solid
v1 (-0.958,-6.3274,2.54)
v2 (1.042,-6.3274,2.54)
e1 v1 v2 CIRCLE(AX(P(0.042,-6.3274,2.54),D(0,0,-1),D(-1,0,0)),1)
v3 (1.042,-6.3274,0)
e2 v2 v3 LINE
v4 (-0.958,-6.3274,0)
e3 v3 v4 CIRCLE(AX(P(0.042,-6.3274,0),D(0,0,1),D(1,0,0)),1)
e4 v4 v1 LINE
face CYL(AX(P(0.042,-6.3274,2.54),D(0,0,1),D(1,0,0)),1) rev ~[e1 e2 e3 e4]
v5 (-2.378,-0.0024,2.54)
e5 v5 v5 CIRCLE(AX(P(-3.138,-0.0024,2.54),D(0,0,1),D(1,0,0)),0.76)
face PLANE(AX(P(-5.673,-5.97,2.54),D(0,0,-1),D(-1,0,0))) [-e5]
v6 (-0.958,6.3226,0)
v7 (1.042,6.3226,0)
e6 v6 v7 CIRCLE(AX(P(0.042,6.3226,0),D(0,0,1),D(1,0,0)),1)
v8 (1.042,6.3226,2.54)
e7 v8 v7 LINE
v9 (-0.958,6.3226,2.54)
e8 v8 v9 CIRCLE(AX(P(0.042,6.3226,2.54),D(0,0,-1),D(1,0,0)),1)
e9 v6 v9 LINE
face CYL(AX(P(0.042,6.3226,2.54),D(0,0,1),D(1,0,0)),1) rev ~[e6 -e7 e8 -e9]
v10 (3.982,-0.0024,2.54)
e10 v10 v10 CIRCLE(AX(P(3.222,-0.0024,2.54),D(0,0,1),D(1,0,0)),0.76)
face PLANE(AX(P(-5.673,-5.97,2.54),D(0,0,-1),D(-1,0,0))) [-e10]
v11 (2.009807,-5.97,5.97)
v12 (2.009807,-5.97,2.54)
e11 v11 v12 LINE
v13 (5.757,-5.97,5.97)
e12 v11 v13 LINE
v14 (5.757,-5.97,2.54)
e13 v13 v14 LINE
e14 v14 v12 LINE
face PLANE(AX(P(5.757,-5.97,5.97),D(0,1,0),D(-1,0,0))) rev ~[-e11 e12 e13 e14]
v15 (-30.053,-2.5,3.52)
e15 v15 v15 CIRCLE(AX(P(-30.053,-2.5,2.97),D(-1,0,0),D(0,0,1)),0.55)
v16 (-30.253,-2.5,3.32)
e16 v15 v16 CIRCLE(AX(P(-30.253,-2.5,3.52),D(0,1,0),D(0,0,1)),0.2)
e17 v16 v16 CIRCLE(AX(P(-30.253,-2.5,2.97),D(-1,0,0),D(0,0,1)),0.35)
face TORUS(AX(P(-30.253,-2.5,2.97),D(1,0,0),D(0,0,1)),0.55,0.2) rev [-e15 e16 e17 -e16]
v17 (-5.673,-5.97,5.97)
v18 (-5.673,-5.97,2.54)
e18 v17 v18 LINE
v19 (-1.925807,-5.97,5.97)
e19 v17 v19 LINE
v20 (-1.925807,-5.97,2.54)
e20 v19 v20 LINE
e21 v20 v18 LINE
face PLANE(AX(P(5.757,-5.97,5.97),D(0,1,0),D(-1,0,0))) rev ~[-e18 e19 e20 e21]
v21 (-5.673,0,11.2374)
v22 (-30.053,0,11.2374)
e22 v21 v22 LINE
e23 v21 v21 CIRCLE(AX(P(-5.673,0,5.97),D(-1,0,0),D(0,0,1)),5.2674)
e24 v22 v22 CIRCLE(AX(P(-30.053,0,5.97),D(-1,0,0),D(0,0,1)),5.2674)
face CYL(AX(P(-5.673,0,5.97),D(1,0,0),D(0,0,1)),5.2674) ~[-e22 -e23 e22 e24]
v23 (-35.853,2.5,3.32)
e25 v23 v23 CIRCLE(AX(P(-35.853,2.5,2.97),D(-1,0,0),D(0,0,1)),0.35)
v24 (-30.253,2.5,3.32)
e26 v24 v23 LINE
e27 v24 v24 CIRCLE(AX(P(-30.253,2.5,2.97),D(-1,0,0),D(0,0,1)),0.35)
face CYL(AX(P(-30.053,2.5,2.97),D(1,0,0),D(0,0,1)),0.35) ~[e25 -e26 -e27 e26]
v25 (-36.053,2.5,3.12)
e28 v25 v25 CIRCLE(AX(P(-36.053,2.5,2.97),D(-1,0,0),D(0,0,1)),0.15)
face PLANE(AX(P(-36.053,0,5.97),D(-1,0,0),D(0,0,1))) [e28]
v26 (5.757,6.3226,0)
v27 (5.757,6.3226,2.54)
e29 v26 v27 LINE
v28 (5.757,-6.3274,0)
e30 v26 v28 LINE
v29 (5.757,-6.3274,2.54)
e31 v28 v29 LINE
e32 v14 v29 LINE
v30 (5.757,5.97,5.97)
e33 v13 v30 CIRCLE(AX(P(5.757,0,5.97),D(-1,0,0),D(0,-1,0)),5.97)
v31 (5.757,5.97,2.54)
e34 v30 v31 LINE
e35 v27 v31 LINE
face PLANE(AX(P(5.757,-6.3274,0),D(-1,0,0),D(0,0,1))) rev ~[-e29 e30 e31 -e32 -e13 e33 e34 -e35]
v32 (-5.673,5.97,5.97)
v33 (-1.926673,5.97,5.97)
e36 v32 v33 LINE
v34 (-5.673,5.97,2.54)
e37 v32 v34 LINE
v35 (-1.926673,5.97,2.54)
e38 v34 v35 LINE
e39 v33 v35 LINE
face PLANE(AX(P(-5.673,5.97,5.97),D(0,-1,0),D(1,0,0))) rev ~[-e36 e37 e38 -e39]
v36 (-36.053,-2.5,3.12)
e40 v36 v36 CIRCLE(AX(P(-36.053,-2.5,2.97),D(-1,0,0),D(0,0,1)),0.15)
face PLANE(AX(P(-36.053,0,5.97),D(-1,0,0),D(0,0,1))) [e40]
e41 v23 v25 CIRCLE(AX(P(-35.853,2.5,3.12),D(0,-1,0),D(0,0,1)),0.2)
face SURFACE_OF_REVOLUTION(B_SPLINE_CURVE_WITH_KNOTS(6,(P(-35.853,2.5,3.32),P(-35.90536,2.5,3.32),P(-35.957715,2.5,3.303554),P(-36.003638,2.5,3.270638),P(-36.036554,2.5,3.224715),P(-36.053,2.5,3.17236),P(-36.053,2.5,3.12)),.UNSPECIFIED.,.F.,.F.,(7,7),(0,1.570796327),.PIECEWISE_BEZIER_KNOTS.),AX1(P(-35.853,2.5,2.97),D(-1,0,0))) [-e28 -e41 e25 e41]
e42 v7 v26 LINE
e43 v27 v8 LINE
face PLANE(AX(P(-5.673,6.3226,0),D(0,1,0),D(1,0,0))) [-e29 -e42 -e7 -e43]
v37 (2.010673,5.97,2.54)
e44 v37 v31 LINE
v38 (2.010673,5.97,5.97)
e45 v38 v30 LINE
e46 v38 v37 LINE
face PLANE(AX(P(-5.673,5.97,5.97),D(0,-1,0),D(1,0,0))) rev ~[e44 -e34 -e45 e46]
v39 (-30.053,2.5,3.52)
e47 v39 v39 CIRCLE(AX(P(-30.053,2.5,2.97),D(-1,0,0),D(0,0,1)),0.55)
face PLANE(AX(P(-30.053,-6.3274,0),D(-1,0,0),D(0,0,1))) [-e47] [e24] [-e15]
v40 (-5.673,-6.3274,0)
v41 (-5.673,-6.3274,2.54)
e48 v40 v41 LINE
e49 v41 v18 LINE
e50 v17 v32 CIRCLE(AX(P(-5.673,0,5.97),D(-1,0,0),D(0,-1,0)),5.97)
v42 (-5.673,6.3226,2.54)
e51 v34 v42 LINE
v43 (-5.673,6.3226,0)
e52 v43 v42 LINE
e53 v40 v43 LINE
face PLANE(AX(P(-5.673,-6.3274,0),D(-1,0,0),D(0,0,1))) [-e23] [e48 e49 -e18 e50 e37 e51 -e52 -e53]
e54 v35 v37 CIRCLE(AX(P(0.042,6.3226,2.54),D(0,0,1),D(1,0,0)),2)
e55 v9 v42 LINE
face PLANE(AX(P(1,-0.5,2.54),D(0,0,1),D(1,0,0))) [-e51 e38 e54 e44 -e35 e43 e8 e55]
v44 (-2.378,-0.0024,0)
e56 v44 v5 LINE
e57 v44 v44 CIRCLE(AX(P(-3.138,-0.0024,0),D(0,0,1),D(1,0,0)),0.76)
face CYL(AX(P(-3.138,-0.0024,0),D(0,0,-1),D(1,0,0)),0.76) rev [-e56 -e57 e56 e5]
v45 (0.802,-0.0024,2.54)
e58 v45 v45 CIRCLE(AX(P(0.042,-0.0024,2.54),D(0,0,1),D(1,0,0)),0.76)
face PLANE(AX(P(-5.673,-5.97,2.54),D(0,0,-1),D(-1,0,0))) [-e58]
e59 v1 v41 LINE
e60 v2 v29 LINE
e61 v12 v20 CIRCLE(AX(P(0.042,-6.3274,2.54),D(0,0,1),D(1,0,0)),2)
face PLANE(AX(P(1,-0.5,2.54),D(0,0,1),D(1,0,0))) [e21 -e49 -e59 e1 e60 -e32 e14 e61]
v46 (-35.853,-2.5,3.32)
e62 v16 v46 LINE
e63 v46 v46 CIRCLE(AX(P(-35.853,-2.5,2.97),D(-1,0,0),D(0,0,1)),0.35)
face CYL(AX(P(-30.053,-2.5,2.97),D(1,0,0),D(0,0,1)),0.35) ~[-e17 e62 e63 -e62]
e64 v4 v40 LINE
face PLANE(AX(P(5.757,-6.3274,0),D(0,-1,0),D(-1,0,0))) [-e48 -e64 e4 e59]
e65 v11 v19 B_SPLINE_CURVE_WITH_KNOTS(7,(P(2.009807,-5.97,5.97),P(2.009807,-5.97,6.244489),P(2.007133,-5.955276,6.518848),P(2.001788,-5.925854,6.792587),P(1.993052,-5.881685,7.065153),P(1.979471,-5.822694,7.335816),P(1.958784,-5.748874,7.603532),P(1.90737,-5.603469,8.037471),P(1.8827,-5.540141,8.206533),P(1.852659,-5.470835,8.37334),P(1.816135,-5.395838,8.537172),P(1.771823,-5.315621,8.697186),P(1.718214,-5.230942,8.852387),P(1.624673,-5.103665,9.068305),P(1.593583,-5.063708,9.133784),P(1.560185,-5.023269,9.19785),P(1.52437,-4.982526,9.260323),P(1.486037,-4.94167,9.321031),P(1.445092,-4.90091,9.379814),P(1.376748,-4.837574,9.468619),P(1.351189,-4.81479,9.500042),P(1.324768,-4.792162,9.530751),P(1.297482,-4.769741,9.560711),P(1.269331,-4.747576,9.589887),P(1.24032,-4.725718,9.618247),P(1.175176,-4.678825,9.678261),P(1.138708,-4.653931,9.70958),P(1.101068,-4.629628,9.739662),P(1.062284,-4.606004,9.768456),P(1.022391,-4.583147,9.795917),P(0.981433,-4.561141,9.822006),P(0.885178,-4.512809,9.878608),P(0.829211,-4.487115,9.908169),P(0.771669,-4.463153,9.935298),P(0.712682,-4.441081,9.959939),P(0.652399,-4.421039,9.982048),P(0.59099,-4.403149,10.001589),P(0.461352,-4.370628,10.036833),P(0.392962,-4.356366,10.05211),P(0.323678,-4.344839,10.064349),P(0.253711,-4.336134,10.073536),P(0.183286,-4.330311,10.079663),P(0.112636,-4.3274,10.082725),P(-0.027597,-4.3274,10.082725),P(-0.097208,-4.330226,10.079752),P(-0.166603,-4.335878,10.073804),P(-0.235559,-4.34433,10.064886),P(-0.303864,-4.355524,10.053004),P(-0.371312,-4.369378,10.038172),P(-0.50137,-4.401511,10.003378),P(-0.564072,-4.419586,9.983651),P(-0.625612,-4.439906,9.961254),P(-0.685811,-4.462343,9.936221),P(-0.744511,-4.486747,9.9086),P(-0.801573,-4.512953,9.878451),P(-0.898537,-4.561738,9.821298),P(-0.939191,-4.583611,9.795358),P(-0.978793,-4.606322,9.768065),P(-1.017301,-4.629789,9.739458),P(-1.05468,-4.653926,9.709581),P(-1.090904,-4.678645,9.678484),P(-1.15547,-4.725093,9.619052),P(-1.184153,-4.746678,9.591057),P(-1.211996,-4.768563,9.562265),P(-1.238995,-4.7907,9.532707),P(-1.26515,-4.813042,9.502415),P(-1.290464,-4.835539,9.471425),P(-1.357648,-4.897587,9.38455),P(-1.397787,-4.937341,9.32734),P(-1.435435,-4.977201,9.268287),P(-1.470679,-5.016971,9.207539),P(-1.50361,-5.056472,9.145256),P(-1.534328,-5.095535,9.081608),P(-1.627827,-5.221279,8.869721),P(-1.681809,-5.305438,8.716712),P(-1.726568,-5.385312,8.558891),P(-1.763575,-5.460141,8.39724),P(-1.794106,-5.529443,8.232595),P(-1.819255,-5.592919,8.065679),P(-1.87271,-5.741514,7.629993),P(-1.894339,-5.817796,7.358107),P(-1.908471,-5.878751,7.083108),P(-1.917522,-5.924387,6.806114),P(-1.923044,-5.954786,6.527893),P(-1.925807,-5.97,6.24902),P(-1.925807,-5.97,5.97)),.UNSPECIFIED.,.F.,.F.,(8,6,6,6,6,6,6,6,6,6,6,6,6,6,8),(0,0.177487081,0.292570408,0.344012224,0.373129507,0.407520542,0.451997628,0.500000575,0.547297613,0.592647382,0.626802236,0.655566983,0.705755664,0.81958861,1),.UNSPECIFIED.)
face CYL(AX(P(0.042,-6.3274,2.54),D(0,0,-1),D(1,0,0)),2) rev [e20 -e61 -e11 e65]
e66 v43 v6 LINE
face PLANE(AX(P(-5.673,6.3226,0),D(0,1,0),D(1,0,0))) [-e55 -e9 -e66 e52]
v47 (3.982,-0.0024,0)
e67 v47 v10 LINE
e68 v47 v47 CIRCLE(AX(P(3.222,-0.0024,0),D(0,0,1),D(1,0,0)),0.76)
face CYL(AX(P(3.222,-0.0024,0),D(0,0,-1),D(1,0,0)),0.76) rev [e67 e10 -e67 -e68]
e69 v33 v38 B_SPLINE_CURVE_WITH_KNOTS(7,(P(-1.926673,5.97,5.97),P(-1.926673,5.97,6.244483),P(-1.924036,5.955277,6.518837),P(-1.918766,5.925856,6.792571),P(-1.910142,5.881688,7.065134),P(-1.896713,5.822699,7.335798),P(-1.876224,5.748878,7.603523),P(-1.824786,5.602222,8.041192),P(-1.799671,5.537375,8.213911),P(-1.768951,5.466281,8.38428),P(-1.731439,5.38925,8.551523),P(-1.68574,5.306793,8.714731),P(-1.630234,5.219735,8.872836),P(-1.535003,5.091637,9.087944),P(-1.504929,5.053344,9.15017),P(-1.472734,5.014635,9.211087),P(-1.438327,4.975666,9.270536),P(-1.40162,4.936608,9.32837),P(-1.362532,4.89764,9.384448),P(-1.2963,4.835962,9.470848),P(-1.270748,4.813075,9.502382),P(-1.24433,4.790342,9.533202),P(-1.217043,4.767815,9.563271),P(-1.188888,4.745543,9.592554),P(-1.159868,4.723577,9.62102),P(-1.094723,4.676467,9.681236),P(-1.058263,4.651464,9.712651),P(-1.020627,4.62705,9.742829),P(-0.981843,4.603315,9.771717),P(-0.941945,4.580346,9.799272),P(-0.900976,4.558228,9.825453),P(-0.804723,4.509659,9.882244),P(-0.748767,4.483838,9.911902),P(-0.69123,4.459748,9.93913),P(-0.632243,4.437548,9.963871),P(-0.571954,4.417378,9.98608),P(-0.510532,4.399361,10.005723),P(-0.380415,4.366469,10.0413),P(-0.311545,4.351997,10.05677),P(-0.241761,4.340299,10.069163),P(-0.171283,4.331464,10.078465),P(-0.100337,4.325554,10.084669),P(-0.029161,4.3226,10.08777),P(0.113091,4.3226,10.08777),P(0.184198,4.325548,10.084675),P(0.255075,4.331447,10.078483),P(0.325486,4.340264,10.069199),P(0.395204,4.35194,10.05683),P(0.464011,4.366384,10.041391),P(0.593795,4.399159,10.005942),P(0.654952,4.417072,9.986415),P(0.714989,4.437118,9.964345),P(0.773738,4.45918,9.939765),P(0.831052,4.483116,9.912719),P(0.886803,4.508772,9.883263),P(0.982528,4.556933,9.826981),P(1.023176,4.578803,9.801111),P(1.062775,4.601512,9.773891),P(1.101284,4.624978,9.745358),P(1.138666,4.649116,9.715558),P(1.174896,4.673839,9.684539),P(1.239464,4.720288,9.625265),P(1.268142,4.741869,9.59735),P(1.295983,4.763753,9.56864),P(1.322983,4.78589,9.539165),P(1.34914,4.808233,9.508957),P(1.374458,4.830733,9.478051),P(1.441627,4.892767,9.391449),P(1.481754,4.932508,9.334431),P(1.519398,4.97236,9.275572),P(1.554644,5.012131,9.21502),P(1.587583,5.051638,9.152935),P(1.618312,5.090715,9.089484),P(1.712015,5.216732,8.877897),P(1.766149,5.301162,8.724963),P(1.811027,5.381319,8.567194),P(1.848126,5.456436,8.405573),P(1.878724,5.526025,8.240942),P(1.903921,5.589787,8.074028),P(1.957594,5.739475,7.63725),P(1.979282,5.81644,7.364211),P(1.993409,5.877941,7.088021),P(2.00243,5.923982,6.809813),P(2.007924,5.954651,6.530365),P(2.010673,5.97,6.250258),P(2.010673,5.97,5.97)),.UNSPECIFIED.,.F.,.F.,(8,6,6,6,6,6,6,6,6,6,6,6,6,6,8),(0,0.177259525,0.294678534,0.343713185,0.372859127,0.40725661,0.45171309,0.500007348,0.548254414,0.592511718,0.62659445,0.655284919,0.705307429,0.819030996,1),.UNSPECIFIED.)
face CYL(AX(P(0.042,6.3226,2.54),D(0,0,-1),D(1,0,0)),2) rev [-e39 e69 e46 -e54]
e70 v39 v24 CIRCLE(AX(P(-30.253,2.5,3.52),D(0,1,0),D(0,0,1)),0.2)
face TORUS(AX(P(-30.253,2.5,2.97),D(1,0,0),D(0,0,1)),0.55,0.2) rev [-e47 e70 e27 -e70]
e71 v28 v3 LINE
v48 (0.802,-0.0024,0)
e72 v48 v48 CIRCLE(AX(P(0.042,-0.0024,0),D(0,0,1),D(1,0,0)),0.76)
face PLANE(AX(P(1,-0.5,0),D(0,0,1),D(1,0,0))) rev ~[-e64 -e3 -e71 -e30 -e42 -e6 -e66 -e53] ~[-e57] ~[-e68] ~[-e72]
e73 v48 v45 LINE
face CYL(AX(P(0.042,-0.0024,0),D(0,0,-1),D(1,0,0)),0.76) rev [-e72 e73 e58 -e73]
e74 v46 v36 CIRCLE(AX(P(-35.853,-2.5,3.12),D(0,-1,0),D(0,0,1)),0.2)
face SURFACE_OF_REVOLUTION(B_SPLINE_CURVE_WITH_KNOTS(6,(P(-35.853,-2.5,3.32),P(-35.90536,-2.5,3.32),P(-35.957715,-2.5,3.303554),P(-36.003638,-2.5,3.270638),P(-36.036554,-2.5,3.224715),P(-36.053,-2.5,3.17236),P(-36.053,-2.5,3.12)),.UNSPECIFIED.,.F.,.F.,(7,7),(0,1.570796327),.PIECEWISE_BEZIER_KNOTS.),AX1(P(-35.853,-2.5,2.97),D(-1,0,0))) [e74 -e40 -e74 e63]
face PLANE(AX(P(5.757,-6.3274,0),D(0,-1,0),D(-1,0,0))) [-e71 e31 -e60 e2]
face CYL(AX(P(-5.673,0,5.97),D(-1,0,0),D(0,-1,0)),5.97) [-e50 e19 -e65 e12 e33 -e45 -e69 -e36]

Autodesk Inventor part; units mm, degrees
ref_plane "YZ Plane" through (0, 0, 0) normal (1, 0, 0) x (0, 1, 0)
ref_plane "XZ Plane" through (0, 0, 0) normal (0, 1, 0) x (-1, 0, 0)
ref_plane "XY Plane" through (0, 0, 0) normal (0, 0, 1) x (1, 0, 0)
sketch "Sketch5" plane through (0, 0, 0) normal (0, 0, 1) x (1, 0, 0)
  line L0 (4.757, -5.8274) -> (-6.673, -5.8274)
  line L1 (-6.673, -5.8274) -> (-6.673, 6.8226)
  line L2 (-6.673, 6.8226) -> (4.757, 6.8226)
  line L3 (4.757, 6.8226) -> (4.757, -5.8274)
  circle A0 centre (-0.958, 0.4976) radius 0.76
  circle A1 centre (2.222, 0.4976) radius 0.76
  circle A2 centre (-4.138, 0.4976) radius 0.76
  point P0 (0, 0)
  dimension "d15" = 11.43
  dimension "d16" = 12.65
  dimension "d17" = 1.52
  dimension "d18" = 1.52
  dimension "d19" = 1.52
  dimension "d20" = 3.18
  dimension "d21" = 3.18
extrude "Extrusion4" add sketch "Sketch5" along normal blind 2.54
sketch "Sketch6" plane through (0, 0, 2.54) normal (0, 0, 1) x (1, 0, 0)
  line L0 (4.757, 6.8226) -> (-6.673, 6.8226) projected
  circle A0 centre (-0.958, 6.8226) radius 1
  point P0 (0, 0)
  dimension "d24" = 2
extrude "Extrusion5" cut sketch "Sketch6" against normal blind 2.54
sketch "Sketch7" plane through (0, 0, 2.54) normal (0, 0, 1) x (1, 0, 0)
  line L0 (-6.673, -5.8274) -> (4.757, -5.8274) projected
  circle A0 centre (-0.958, -5.8274) radius 1
  point P0 (0, 0)
  dimension "d27" = 2
extrude "Extrusion6" cut sketch "Sketch7" against normal blind 2.54
move or copy body "Move Body1" bodies to move or copy 1 copy no translate (1, -0.5, 0)
sketch "Sketch14" plane through (-5.673, -6.3274, 0) normal (-1, 0, 0) x (0, 0, 1)
  arc A0 (5.97, 0.3574) -> (5.97, 12.2974) centre (5.97, 6.3274) ccw
  line L0 (5.97, 12.2974) -> (5.97, 0.3574)
  dimension "d37" = 5.97
extrude "Extrusion7" add sketch "Sketch14" against normal blind 11.43
sketch "Sketch15" plane through (-5.673, -5.97, 5.97) normal (0, 0, -1) x (-1, 0, 0)
  line L0 (0, 11.94) -> (-11.43, 11.94)
  line L1 (-11.43, 11.94) -> (-11.43, 0)
  line L2 (-11.43, 0) -> (0, 0)
  line L3 (0, 0) -> (0, 11.94)
  point P0 (-5.673, 5.97)
extrude "Extrusion8" add sketch "Sketch15" along normal blind 3.43
sketch "Sketch16" plane through (-5.673, 6.3226, 2.54) normal (0, 0, 1) x (1, 0, 0)
  arc A0 (4.715, 0) -> (4.7792, -0.3526) centre (5.715, 0) ccw projected
  circle A1 centre (5.715, 0) radius 2
  point P0 (5.673, -6.3226)
  dimension "d42" = 4
extrude "Extrusion9" cut sketch "Sketch16" along normal blind 9.68
sketch "Sketch17" plane through (-5.673, -6.3274, 2.54) normal (0, 0, 1) x (1, 0, 0)
  arc A0 (4.781, 0.3574) -> (4.715, 0) centre (5.715, 0) ccw projected
  circle A1 centre (5.715, 0) radius 2
  point P0 (5.673, 6.3274)
  dimension "d45" = 4
extrude "Extrusion10" cut sketch "Sketch17" along normal blind 9.68
sketch "Sketch18" plane through (-5.673, -6.3274, 0) normal (-1, 0, 0) x (0, 0, 1)
  arc A0 (5.97, 0.3574) -> (5.97, 12.2974) centre (5.97, 6.3274) ccw projected
  circle A1 centre (5.97, 6.3274) radius 5.2674
  point P0 (0, 6.3274)
extrude "Extrusion11" add sketch "Sketch18" along normal blind 24.38
sketch "Sketch20" plane through (-30.053, 0, 5.97) normal (-1, 0, 0) x (0, 0, 1)
  circle A0 centre (0, 0) radius 5.2674 projected
  circle A1 centre (-3, 2.5) radius 0.35
  line L0 (-10.3331, 0) -> (11.6228, 0)
  circle A2 centre (-3, -2.5) radius 0.35
  point P0 (-5.97, 0)
  dimension "d50" = 2.5
  dimension "d51" = 3
  dimension "d52" = 0.7
extrude "Extrusion12" add sketch "Sketch20" along normal blind 6 contours A1 | A2
fillet "Fillet1" radius 0.2 4 edges at (-30.053, -2.5, 2.62) (-30.053, 2.5, 2.62) (-36.053, 2.5, 2.62) (-36.053, -2.5, 2.62)
properties part number "valve" material "PVC-Piping"
